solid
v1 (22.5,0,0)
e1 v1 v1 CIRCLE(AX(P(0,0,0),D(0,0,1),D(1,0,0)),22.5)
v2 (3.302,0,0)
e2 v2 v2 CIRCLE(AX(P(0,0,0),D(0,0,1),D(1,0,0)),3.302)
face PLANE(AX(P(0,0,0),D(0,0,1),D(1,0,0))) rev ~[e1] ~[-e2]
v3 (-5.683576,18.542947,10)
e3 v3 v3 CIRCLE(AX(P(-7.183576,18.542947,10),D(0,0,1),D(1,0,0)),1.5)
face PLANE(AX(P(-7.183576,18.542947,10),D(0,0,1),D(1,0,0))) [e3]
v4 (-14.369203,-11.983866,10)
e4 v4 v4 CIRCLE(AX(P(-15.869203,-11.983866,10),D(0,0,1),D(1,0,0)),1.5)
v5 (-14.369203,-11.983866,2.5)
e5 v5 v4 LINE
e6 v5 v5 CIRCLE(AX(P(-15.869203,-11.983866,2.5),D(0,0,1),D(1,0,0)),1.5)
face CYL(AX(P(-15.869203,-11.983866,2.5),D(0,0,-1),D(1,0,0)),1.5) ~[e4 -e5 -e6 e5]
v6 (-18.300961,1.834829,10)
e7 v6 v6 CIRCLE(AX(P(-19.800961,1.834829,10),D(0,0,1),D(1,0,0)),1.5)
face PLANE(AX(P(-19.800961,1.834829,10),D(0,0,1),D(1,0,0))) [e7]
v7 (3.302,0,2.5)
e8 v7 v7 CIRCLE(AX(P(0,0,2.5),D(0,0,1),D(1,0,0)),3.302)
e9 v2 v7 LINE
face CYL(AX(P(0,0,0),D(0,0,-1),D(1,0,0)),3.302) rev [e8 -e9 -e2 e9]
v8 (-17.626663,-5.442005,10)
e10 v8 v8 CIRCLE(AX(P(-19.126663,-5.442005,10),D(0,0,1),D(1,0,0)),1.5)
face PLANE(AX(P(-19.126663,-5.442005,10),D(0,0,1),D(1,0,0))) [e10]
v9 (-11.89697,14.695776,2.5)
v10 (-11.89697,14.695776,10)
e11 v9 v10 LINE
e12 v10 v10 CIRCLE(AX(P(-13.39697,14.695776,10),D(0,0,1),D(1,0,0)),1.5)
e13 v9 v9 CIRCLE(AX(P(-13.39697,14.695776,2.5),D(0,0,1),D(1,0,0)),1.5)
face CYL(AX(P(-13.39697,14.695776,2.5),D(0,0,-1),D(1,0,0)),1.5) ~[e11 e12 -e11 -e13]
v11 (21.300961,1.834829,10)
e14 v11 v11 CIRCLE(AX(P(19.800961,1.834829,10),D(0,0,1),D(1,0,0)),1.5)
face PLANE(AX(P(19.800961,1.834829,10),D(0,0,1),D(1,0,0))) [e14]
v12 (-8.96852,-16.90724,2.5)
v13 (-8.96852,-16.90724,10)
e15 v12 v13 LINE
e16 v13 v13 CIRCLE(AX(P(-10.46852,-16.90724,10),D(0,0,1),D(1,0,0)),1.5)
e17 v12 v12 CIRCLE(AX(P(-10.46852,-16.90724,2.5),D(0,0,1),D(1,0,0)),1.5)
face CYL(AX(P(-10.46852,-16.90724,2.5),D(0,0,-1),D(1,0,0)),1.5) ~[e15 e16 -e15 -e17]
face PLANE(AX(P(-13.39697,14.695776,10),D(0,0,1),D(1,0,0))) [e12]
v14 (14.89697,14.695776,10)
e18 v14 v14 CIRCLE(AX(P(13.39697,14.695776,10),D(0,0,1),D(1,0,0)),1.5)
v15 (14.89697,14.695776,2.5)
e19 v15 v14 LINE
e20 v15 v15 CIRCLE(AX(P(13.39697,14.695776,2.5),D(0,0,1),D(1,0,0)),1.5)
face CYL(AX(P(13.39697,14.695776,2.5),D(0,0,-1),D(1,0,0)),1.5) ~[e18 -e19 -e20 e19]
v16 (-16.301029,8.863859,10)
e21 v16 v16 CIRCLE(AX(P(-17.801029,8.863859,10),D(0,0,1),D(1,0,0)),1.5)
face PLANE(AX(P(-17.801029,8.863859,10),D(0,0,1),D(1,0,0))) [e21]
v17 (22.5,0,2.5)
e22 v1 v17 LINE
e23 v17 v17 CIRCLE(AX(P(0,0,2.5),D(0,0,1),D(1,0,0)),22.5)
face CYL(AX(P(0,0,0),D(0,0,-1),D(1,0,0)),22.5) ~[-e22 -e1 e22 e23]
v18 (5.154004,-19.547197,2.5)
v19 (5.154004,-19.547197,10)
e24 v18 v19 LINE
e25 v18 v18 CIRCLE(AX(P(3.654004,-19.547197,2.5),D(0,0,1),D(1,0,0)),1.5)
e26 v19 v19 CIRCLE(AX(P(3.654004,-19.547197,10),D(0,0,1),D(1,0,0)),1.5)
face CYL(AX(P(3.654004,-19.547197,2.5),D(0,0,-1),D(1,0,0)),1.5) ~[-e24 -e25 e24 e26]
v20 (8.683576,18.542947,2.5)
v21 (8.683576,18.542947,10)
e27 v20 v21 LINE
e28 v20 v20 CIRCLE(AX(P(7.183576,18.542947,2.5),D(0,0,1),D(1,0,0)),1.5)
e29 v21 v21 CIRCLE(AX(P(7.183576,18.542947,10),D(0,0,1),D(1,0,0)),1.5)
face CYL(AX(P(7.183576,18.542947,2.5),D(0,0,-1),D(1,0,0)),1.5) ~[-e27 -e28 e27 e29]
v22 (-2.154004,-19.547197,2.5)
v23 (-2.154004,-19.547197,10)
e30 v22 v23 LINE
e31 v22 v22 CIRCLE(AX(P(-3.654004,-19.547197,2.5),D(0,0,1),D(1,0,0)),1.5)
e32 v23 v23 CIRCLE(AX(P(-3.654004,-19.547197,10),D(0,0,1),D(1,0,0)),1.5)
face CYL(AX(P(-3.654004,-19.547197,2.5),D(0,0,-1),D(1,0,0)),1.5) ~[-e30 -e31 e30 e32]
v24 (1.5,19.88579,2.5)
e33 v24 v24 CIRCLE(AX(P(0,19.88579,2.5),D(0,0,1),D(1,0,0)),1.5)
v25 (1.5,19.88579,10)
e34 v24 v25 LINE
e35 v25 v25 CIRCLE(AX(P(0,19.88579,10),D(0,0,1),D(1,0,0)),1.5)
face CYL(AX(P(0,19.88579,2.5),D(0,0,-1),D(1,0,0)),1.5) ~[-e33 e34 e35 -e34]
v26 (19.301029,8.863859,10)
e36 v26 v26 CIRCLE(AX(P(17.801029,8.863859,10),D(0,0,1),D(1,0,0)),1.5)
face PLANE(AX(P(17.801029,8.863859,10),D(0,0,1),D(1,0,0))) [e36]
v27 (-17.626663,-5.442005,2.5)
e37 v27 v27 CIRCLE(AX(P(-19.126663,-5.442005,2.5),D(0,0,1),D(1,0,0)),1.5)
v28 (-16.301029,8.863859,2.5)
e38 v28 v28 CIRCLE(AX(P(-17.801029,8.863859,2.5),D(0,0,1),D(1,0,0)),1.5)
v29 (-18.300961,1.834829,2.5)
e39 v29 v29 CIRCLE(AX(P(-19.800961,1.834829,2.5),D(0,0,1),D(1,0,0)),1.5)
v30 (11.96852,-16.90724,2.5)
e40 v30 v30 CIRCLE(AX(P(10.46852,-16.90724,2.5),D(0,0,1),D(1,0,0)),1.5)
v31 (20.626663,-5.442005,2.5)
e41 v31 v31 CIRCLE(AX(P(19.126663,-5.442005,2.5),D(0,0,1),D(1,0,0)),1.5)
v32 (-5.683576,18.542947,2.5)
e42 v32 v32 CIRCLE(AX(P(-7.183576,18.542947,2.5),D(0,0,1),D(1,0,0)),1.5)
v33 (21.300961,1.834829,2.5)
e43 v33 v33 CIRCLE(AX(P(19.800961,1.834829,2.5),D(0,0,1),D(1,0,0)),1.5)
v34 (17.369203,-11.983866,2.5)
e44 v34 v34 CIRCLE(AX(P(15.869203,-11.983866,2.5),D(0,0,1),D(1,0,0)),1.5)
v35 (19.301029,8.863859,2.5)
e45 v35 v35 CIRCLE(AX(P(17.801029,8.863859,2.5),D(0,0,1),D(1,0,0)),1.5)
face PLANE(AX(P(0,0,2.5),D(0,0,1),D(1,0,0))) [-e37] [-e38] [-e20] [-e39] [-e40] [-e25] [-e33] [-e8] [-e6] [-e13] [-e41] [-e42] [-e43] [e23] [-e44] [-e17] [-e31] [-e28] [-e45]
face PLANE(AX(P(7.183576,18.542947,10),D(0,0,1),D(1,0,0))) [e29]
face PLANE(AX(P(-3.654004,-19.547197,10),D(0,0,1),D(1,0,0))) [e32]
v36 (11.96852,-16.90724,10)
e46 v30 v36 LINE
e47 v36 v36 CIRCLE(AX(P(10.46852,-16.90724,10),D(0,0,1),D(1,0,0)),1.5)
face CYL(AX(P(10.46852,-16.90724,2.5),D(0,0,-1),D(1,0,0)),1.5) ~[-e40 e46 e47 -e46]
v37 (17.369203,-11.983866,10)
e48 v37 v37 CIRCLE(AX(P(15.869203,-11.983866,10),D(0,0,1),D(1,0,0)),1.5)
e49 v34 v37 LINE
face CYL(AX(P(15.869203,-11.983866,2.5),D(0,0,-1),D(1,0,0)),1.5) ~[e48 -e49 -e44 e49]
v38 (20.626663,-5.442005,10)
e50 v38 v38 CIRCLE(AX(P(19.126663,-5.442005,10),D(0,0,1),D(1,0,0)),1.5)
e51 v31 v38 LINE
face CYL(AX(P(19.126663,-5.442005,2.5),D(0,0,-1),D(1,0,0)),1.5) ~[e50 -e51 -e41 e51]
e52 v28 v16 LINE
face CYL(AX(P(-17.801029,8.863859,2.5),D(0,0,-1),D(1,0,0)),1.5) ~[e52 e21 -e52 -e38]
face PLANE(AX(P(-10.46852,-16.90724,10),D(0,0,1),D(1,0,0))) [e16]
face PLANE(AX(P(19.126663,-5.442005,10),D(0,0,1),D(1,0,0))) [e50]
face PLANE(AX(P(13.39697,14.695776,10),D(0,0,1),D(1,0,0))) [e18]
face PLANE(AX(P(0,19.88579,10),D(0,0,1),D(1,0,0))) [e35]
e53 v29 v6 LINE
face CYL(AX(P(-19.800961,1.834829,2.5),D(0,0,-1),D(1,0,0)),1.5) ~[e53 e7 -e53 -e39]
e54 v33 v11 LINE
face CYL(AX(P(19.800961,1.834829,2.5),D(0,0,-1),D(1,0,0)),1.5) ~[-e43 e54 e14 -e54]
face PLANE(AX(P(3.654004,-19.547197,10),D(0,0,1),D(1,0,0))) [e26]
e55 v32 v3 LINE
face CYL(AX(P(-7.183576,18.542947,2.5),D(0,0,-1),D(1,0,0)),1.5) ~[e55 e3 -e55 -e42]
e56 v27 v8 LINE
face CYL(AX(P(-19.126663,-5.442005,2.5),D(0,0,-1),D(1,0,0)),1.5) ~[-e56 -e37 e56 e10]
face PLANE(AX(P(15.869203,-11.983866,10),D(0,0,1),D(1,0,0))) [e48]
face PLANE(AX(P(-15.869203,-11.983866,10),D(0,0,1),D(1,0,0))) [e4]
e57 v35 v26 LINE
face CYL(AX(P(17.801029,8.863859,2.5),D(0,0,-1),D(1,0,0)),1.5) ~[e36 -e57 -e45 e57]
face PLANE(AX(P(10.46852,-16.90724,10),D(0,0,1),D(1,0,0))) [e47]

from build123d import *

# Parameters (mm, degrees)
F0_R     = 22.5
F0_R_2   = 3.302
F1_DEPTH = 2.5
F2_R     = 1.5
F3_DEPTH = 7.5


with BuildPart() as f1:
    # F0 (on Top) → F1 (new body)
    with BuildSketch(Plane.XY):
        Circle(F0_R)
        Circle(F0_R_2, mode=Mode.SUBTRACT)
    extrude(amount=F1_DEPTH)

    # F2 (on face) → F3 (join)
    with BuildSketch(Plane.XY.offset(2.5)):
        with Locations((0, 19.88579)):
            Circle(F2_R)
        with Locations((-7.183576, 18.542947)):
            Circle(F2_R)
        with Locations((-13.39697, 14.695776)):
            Circle(F2_R)
        with Locations((-17.801029, 8.863859)):
            Circle(F2_R)
        with Locations((-19.800961, 1.834829)):
            Circle(F2_R)
        with Locations((-19.126663, -5.442005)):
            Circle(F2_R)
        with Locations((-15.869203, -11.983866)):
            Circle(F2_R)
        with Locations((-10.46852, -16.90724)):
            Circle(F2_R)
        with Locations((-3.654004, -19.547197)):
            Circle(F2_R)
        with Locations((3.654004, -19.547197)):
            Circle(F2_R)
        with Locations((10.46852, -16.90724)):
            Circle(F2_R)
        with Locations((15.869203, -11.983866)):
            Circle(F2_R)
        with Locations((19.126663, -5.442005)):
            Circle(F2_R)
        with Locations((19.800961, 1.834829)):
            Circle(F2_R)
        with Locations((17.801029, 8.863859)):
            Circle(F2_R)
        with Locations((13.39697, 14.695776)):
            Circle(F2_R)
        with Locations((7.183576, 18.542947)):
            Circle(F2_R)
    extrude(amount=F3_DEPTH)


solid = f1.part
